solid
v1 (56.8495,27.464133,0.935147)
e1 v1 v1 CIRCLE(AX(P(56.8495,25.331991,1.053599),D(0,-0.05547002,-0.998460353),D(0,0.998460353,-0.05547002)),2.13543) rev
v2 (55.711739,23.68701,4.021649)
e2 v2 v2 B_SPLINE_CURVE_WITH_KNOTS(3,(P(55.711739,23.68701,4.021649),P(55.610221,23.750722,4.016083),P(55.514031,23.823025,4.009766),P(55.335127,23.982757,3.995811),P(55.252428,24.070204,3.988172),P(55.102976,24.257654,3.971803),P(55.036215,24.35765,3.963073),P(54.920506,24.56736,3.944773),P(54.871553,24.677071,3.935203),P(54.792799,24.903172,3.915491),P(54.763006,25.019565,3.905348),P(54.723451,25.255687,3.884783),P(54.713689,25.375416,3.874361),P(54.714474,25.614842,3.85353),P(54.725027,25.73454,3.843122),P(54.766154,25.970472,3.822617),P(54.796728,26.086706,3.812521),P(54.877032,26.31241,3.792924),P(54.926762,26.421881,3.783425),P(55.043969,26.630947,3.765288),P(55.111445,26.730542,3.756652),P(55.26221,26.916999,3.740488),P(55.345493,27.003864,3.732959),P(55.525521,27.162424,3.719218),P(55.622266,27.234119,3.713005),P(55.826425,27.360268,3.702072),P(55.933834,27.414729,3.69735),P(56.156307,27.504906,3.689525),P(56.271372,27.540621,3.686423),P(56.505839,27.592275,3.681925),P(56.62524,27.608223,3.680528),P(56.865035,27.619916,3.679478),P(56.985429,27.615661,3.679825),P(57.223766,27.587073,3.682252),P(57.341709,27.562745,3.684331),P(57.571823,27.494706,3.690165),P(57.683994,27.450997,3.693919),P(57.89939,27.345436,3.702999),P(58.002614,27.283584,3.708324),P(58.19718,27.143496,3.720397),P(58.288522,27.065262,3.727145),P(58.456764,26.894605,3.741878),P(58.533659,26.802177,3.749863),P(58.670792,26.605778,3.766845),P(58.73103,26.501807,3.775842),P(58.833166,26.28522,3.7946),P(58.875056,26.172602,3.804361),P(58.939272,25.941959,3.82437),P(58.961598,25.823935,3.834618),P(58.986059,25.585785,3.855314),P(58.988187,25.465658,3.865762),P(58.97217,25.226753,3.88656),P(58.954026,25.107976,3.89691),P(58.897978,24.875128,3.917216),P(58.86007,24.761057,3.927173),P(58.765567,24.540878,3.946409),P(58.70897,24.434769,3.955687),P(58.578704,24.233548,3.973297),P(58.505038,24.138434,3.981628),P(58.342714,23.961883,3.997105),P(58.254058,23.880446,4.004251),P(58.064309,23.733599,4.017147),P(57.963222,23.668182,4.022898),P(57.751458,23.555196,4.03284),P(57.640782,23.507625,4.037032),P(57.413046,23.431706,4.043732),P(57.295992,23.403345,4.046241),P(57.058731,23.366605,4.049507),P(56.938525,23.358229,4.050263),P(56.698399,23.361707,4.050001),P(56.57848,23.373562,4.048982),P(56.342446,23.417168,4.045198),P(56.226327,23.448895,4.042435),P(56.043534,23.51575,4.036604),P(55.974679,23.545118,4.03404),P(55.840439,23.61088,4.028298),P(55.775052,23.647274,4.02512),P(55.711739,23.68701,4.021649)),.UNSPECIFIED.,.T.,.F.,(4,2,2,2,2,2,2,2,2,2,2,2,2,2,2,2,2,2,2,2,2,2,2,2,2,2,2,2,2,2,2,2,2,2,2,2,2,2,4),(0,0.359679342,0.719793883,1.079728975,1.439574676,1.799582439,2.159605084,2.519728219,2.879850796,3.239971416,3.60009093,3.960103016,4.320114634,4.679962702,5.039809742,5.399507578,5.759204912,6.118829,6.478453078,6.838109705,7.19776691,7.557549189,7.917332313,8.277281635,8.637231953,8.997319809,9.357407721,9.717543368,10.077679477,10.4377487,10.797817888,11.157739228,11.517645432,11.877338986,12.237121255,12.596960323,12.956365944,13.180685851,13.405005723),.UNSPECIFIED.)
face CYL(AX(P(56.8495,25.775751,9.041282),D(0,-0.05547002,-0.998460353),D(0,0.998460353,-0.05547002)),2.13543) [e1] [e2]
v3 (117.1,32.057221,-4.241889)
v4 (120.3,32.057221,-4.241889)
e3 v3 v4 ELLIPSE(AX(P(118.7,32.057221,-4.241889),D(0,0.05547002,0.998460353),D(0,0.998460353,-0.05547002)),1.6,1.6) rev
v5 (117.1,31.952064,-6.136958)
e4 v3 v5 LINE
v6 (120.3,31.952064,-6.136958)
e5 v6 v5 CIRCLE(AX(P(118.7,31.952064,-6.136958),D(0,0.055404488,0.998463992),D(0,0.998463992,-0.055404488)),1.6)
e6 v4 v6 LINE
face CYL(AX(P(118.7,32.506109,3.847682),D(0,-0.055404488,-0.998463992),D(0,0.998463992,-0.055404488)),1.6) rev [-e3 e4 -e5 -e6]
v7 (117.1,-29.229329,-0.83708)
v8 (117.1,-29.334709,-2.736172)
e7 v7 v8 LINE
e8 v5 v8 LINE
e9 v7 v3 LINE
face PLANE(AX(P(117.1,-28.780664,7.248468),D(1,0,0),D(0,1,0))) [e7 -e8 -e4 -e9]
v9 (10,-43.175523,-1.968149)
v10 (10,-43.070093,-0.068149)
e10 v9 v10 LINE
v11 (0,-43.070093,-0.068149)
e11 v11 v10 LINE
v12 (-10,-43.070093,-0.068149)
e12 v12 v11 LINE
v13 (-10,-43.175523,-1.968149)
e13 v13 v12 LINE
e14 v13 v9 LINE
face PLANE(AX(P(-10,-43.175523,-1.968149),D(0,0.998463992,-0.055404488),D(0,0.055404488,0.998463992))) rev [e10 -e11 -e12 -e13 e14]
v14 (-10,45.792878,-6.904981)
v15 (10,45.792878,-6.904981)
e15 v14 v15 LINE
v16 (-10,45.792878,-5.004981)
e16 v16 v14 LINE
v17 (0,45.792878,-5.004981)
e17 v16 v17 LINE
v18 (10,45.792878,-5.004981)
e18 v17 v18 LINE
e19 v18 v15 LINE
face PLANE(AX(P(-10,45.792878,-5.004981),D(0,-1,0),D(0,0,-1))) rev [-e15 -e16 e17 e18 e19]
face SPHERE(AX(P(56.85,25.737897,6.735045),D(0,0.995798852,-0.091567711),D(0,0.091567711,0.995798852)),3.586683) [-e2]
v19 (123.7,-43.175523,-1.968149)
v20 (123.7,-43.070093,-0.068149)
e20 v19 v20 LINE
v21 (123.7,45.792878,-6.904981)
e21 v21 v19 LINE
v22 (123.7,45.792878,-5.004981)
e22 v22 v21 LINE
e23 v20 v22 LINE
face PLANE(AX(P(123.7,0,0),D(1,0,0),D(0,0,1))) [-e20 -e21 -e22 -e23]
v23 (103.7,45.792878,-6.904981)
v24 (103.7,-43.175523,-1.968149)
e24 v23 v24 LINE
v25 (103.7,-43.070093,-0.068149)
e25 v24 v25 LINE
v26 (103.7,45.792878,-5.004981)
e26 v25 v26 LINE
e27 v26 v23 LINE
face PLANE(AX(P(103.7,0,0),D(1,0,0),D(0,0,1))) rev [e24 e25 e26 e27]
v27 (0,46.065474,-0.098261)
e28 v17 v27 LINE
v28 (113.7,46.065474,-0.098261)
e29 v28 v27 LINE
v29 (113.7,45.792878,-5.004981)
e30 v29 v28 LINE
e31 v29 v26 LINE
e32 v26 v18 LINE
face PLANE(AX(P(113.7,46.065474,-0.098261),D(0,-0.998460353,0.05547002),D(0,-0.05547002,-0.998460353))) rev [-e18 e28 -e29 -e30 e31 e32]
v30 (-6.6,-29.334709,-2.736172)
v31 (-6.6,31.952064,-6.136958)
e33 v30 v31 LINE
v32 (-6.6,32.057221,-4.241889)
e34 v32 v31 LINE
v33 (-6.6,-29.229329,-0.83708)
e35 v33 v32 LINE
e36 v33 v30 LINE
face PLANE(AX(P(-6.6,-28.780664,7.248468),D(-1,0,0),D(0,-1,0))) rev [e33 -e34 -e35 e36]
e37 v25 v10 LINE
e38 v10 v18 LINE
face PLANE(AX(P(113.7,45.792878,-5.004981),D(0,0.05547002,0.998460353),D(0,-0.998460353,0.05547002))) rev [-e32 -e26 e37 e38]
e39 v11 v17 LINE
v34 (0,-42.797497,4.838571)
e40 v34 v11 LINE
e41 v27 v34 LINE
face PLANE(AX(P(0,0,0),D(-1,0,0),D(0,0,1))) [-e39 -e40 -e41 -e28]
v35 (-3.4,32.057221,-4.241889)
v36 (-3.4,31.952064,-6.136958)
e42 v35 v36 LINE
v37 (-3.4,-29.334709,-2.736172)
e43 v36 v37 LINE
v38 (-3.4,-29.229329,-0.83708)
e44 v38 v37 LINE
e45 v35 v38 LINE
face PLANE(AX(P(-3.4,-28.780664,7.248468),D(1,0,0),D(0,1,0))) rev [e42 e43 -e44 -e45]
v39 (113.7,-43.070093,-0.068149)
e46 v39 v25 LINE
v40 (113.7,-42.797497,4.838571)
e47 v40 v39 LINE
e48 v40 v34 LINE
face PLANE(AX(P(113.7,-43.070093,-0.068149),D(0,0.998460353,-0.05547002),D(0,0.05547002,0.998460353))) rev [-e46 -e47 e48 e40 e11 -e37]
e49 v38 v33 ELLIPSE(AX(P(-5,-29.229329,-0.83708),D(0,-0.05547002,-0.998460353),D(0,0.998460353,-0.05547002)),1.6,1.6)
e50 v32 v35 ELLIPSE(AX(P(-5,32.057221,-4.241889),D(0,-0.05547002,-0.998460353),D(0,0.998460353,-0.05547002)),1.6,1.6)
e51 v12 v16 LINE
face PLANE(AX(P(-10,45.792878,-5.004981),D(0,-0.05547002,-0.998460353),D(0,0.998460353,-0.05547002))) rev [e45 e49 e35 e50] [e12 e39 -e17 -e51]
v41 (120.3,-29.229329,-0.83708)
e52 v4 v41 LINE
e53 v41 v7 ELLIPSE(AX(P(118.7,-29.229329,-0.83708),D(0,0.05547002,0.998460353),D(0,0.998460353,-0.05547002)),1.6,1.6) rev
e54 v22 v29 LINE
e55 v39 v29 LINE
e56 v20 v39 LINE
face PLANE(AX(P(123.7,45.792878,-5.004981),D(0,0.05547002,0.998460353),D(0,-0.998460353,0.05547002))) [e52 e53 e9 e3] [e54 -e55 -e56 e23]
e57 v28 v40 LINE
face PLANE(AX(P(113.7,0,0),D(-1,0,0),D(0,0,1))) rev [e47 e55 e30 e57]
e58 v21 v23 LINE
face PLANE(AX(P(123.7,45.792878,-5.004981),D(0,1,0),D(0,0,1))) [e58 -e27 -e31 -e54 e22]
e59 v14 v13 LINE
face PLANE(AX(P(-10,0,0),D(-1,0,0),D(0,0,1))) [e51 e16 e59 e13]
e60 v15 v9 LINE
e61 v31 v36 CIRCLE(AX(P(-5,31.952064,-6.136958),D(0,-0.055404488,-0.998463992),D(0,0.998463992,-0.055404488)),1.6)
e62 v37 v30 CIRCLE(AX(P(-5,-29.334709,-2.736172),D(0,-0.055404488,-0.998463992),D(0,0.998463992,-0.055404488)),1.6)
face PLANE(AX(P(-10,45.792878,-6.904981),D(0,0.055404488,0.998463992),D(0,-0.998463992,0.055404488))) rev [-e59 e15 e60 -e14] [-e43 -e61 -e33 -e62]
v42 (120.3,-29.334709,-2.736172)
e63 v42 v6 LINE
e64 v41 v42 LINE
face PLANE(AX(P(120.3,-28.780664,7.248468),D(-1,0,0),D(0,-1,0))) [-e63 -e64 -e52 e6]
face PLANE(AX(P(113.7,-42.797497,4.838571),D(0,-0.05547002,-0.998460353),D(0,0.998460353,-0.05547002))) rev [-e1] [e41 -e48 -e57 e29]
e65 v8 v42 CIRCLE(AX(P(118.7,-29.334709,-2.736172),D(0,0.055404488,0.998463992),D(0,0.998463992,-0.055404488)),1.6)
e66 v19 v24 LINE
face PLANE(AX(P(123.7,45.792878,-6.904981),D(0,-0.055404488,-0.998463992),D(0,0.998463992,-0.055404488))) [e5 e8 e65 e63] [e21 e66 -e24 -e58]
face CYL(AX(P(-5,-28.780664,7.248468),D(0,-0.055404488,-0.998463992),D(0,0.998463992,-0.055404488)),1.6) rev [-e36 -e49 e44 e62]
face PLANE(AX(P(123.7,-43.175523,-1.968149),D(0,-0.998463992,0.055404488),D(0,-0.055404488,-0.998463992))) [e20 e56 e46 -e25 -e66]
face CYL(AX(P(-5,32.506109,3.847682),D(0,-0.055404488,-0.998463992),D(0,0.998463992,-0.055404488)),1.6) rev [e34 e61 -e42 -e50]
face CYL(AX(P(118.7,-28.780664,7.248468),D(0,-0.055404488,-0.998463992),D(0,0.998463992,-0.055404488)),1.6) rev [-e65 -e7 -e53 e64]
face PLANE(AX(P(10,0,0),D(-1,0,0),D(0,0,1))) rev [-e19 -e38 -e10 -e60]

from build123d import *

# Parameters (mm, degrees)
BOSS_EXTRU_1_DEPTH      = 113.7
BOSS_EXTRU_2_DEPTH      = 10
ENL_V_MAT_EXTRU_1_DEPTH = 10
ESQUISSE7_R             = 2.135429921
BOSS_EXTRU_3_DEPTH      = 8


with BuildPart() as part:
    # Esquisse1 → Boss.-Extru.1 (new body)
    with BuildSketch(Plane(origin=(0, 0, 0), x_dir=(0, 0, -1), z_dir=(1, 0, 0))):
        Polygon((0.098261178, 46.06547401), (5.004980628, 45.792878485), (0.068148881, -43.07009295), (-4.838570569, -42.797497425), align=None)
    extrude(amount=BOSS_EXTRU_1_DEPTH)

    # Esquisse4 → Boss.-Extru.2 (add, symmetric)
    with BuildSketch(Plane.ZY):
        Polygon((-5.004980628, 45.792878485), (-6.904980628, 45.792878485), (-1.968148881, -43.175523419), (-0.068148881, -43.07009295), align=None)
    boss_extru_2 = extrude(amount=BOSS_EXTRU_2_DEPTH, both=True)

    # Esquisse5 → Enlèv. mat.-Extru.1 (cut)
    with BuildSketch(Plane(origin=(0, -0.241410847, -4.350550784), x_dir=(-1, 0, 0), z_dir=(0, -0.05540448773291252, -0.9984639917087915))):
        with BuildLine():
            Line((3.4, -29.138054447), (3.4, 32.243000428))
            ThreePointArc((3.4, 32.243000428), (5, 33.843000428), (6.6, 32.243000428))
            Line((6.6, 32.243000428), (6.6, -29.138054447))
            ThreePointArc((6.6, -29.138054447), (5, -30.738054447), (3.4, -29.138054447))
        make_face()
    enl_v_mat_extru_1 = extrude(amount=-ENL_V_MAT_EXTRU_1_DEPTH, mode=Mode.SUBTRACT)

    # Esquisse7 → Boss.-Extru.3 (add)
    with BuildSketch(Plane(origin=(0, 0.136297763, 2.453359725), x_dir=(1, 0, 0), z_dir=(0, 0.0554700196225224, 0.9984603532054125))):
        with Locations(Location((56.8495, 25.234545409, 0), (0, 0, 90))):
            Circle(ESQUISSE7_R)
    extrude(amount=BOSS_EXTRU_3_DEPTH)

    # Esquisse8 → Révolution4 (revolve)
    with BuildSketch(Plane(origin=(56.85, 0, 0), x_dir=(0, 0, -1), z_dir=(1, 0, 0))):
        with BuildLine():
            Line((-6.406620571, 29.309512271), (-7.063469335, 22.166281969))
            ThreePointArc((-7.063469335, 22.166281969), (-10.306660104, 26.066321502), (-6.406620571, 29.309512271))
        make_face()
    revolve(axis=Axis((56.85, 29.309512271, 6.406620571), (0, -0.9957988523704411, 0.09156771056279951)))

    # Symétrie1: Boss.-Extru.2, Enlèv. mat.-Extru.1 across plane
    add(boss_extru_2.mirror(Plane(origin=(56.85, 0, 0), x_dir=(0, 0, 1), z_dir=(1, 0, 0))))
    add(enl_v_mat_extru_1.mirror(Plane(origin=(56.85, 0, 0), x_dir=(0, 0, 1), z_dir=(1, 0, 0))), mode=Mode.SUBTRACT)


solid = part.part
